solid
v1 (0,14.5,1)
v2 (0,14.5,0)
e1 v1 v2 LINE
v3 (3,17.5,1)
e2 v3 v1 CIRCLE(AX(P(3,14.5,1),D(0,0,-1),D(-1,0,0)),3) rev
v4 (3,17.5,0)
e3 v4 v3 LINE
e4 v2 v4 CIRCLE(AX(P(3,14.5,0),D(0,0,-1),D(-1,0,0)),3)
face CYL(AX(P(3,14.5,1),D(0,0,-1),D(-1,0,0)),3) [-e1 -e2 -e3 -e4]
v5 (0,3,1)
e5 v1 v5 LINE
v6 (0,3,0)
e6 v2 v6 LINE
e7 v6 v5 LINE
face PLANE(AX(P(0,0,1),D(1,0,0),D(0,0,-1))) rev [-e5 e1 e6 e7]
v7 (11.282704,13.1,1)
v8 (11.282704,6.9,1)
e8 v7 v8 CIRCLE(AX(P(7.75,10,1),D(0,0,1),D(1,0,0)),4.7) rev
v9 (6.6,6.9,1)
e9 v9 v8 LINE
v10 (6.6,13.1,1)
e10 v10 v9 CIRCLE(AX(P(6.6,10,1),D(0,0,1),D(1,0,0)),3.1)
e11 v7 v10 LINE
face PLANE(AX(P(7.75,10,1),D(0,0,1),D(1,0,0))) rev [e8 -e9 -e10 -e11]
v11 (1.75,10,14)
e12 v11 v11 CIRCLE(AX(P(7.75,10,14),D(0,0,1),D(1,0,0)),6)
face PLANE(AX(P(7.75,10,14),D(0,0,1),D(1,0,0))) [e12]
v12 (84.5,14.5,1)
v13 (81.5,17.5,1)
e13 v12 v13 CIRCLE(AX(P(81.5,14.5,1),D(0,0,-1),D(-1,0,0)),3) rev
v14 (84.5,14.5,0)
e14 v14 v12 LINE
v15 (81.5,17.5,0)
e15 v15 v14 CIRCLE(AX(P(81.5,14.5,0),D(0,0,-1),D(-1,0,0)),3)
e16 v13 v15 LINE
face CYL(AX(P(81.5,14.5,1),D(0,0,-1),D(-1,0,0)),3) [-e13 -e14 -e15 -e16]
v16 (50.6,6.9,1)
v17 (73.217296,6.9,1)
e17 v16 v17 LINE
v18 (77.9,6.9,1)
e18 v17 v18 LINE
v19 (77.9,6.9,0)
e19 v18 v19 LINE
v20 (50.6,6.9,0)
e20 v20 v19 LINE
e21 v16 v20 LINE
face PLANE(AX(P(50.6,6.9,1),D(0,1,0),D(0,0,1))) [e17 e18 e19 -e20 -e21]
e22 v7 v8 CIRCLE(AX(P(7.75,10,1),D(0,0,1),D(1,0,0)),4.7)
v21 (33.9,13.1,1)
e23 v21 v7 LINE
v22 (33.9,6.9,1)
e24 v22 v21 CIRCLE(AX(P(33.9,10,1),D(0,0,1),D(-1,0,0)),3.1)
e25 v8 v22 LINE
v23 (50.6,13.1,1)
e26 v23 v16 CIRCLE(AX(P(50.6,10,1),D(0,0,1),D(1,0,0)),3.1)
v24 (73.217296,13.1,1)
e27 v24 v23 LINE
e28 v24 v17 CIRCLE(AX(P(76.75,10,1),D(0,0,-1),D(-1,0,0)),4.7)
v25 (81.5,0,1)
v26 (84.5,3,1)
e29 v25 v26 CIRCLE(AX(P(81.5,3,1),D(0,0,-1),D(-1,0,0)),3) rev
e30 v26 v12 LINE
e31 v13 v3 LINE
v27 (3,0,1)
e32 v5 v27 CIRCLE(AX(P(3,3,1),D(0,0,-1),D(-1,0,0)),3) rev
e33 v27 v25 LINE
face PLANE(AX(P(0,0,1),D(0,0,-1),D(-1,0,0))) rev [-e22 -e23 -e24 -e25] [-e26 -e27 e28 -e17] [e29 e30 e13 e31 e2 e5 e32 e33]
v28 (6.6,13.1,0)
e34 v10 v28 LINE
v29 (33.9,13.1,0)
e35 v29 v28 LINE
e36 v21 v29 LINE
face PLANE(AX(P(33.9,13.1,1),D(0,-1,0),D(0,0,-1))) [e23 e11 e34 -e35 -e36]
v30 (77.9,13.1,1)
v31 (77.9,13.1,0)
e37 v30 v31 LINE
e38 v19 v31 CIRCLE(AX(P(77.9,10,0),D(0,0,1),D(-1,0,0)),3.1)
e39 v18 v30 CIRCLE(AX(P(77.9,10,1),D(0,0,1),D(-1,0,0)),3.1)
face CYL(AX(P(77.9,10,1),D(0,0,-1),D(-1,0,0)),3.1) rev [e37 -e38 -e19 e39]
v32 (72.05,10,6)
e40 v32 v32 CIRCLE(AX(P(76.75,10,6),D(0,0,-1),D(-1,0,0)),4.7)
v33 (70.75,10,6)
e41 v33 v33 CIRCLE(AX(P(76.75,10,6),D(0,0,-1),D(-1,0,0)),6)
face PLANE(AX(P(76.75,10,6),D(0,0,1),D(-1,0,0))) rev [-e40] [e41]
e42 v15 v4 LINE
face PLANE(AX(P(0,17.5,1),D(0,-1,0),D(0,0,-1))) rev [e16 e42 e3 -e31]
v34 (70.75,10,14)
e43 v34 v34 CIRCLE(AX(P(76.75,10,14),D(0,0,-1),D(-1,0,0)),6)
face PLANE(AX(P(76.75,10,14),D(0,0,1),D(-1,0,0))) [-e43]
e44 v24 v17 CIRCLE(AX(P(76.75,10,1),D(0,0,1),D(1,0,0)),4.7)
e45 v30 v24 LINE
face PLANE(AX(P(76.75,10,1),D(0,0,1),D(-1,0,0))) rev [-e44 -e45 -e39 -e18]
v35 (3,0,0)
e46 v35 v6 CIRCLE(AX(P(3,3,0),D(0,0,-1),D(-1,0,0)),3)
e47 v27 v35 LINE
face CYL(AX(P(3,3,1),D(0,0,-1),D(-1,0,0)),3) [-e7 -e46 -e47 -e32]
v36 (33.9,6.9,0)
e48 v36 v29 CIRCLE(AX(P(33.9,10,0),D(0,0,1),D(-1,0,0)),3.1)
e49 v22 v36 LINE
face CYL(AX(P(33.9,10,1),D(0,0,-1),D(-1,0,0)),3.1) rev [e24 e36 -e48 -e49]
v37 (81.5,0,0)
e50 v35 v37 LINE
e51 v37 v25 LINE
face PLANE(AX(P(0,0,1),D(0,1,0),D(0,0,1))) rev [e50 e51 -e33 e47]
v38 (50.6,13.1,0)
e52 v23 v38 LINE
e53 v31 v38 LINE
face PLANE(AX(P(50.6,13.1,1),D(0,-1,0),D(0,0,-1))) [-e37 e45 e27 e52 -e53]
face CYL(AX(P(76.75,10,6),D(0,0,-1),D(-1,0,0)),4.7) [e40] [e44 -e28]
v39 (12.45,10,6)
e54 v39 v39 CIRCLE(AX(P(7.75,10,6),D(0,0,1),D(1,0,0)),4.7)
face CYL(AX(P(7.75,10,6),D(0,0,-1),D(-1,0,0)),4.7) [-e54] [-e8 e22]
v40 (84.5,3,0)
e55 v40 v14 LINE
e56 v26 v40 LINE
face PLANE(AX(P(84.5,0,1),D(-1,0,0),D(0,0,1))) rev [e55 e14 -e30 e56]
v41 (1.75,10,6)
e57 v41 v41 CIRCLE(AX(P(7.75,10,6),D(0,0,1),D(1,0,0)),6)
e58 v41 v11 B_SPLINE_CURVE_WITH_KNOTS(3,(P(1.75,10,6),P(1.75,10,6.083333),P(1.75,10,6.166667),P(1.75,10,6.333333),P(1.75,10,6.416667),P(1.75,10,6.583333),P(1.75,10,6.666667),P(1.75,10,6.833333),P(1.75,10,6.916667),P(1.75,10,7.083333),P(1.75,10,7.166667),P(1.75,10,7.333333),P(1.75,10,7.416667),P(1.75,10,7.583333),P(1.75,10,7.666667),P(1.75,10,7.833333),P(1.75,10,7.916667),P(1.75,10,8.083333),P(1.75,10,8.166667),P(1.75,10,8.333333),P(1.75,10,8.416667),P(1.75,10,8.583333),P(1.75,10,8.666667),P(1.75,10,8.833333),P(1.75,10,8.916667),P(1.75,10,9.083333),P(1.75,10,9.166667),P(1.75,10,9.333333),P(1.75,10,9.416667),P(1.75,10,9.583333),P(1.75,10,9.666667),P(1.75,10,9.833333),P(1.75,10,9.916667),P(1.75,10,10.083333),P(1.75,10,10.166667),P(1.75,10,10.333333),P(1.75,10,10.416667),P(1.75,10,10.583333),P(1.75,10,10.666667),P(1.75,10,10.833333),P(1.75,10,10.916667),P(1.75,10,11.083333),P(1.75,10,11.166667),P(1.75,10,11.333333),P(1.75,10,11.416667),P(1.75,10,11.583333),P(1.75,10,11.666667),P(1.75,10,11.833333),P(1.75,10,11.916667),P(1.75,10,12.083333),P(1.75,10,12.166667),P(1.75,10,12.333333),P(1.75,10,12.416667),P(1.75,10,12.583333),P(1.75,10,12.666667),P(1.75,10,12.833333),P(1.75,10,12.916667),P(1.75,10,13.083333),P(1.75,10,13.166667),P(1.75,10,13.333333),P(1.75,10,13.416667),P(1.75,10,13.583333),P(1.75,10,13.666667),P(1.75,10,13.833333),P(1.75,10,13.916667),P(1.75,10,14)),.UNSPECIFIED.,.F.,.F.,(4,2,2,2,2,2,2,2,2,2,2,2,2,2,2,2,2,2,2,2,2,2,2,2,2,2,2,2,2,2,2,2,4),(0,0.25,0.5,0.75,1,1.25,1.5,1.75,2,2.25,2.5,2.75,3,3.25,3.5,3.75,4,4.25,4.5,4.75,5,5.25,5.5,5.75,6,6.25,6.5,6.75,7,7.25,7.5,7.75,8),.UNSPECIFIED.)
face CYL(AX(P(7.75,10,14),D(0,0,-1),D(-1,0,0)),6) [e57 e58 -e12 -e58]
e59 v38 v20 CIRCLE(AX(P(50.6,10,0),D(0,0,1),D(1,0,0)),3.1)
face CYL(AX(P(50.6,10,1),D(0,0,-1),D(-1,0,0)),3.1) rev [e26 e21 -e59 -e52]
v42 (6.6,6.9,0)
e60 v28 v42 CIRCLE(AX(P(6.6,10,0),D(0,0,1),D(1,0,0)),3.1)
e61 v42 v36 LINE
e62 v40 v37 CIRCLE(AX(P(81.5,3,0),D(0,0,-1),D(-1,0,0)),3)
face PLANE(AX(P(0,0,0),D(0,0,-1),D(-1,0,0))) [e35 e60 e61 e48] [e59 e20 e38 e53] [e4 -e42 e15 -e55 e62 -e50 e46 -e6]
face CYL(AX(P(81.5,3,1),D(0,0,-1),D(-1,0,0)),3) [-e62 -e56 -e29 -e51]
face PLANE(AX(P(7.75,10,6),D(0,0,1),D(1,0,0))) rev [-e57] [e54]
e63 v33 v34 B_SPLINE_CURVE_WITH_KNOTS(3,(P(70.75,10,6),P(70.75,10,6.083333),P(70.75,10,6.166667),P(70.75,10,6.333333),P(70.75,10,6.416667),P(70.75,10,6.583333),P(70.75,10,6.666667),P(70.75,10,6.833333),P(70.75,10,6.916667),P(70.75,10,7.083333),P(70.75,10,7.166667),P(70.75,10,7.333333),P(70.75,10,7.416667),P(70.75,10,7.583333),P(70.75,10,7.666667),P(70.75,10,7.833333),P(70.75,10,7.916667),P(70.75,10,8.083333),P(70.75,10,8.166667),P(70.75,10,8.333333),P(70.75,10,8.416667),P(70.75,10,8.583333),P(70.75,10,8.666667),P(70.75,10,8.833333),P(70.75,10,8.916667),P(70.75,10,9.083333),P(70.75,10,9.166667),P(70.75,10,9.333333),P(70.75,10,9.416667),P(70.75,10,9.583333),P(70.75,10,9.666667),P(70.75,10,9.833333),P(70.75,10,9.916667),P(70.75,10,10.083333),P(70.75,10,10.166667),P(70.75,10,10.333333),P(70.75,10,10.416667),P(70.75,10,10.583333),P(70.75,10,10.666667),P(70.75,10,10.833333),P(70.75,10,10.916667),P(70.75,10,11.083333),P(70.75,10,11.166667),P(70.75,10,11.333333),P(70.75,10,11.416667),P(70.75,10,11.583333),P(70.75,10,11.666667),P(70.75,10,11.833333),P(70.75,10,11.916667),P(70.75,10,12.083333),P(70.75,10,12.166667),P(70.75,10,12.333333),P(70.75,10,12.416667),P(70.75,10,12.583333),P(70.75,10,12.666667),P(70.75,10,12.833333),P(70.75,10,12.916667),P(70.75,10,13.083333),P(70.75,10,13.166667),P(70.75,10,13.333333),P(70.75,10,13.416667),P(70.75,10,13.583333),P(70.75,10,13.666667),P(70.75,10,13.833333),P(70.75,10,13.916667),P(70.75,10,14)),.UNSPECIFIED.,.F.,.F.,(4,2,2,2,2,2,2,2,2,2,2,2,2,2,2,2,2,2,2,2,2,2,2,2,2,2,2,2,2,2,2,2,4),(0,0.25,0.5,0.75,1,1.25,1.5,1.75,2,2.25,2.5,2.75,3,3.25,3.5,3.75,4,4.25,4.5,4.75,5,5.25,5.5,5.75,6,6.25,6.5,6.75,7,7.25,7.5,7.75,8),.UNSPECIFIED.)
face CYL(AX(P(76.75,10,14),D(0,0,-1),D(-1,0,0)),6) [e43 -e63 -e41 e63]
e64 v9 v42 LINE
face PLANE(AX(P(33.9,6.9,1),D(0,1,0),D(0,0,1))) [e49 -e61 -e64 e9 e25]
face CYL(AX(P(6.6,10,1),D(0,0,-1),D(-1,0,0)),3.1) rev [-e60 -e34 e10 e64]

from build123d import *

# Parameters (mm, degrees)
SKETCH1_W           = 84.5
SKETCH1_H           = 17.5
BOSS_EXTRUDE1_DEPTH = 1
FILLET1_R           = 3
SKETCH2_R           = 6
BOSS_EXTRUDE2_DEPTH = 13
SKETCH4_R           = 6
SKETCH4_R_2         = 4.7
CUT_EXTRUDE1_DEPTH  = 5


with BuildPart() as part:
    # Sketch1 → Boss-Extrude1 (new body)
    with BuildSketch(Plane.XY):
        with Locations((42.25, 8.75)):
            Rectangle(SKETCH1_W, SKETCH1_H)
        with BuildLine():
            Line((50.6, 13.1), (77.9, 13.1))
            ThreePointArc((77.9, 13.1), (81, 10), (77.9, 6.9))
            Line((77.9, 6.9), (50.6, 6.9))
            ThreePointArc((50.6, 6.9), (47.5, 10), (50.6, 13.1))
        make_face(mode=Mode.SUBTRACT)
        with BuildLine():
            Line((33.9, 13.1), (6.6, 13.1))
            ThreePointArc((6.6, 13.1), (3.5, 10), (6.6, 6.9))
            Line((6.6, 6.9), (33.9, 6.9))
            ThreePointArc((33.9, 6.9), (37, 10), (33.9, 13.1))
        make_face(mode=Mode.SUBTRACT)
    extrude(amount=BOSS_EXTRUDE1_DEPTH)

    # Fillet1
    fillet1_edges = [part.edges().sort_by_distance(p)[0] for p in [
        (0, 17.5, 0.5),
        (84.5, 17.5, 0.5),
        (84.5, 0, 0.5),
        (0, 0, 0.5),
    ]]
    fillet(fillet1_edges, radius=FILLET1_R)

    # Sketch2 → Boss-Extrude2 (add)
    with BuildSketch(Plane.XY.offset(1)):
        with Locations(Location((7.75, 10, 0), (0, 0, 31.108922511))):
            Circle(SKETCH2_R)
    boss_extrude2 = extrude(amount=BOSS_EXTRUDE2_DEPTH)

    # Sketch4 → Cut-Extrude1 (cut)
    with BuildSketch(Plane.XY.offset(1)):
        with Locations(Location((7.75, 10, 0), (0, 0, 180))):
            Circle(SKETCH4_R)
        with Locations(Location((7.75, 10, 0), (0, 0, 318.732572619))):
            Circle(SKETCH4_R_2, mode=Mode.SUBTRACT)
    cut_extrude1 = extrude(amount=CUT_EXTRUDE1_DEPTH, mode=Mode.SUBTRACT)

    # Mirror1: Boss-Extrude2, Cut-Extrude1 across plane
    add(boss_extrude2.mirror(Plane(origin=(42.25, 0, 0), x_dir=(0, 0, 1), z_dir=(1, 0, 0))))
    add(cut_extrude1.mirror(Plane(origin=(42.25, 0, 0), x_dir=(0, 0, 1), z_dir=(1, 0, 0))), mode=Mode.SUBTRACT)


solid = part.part
